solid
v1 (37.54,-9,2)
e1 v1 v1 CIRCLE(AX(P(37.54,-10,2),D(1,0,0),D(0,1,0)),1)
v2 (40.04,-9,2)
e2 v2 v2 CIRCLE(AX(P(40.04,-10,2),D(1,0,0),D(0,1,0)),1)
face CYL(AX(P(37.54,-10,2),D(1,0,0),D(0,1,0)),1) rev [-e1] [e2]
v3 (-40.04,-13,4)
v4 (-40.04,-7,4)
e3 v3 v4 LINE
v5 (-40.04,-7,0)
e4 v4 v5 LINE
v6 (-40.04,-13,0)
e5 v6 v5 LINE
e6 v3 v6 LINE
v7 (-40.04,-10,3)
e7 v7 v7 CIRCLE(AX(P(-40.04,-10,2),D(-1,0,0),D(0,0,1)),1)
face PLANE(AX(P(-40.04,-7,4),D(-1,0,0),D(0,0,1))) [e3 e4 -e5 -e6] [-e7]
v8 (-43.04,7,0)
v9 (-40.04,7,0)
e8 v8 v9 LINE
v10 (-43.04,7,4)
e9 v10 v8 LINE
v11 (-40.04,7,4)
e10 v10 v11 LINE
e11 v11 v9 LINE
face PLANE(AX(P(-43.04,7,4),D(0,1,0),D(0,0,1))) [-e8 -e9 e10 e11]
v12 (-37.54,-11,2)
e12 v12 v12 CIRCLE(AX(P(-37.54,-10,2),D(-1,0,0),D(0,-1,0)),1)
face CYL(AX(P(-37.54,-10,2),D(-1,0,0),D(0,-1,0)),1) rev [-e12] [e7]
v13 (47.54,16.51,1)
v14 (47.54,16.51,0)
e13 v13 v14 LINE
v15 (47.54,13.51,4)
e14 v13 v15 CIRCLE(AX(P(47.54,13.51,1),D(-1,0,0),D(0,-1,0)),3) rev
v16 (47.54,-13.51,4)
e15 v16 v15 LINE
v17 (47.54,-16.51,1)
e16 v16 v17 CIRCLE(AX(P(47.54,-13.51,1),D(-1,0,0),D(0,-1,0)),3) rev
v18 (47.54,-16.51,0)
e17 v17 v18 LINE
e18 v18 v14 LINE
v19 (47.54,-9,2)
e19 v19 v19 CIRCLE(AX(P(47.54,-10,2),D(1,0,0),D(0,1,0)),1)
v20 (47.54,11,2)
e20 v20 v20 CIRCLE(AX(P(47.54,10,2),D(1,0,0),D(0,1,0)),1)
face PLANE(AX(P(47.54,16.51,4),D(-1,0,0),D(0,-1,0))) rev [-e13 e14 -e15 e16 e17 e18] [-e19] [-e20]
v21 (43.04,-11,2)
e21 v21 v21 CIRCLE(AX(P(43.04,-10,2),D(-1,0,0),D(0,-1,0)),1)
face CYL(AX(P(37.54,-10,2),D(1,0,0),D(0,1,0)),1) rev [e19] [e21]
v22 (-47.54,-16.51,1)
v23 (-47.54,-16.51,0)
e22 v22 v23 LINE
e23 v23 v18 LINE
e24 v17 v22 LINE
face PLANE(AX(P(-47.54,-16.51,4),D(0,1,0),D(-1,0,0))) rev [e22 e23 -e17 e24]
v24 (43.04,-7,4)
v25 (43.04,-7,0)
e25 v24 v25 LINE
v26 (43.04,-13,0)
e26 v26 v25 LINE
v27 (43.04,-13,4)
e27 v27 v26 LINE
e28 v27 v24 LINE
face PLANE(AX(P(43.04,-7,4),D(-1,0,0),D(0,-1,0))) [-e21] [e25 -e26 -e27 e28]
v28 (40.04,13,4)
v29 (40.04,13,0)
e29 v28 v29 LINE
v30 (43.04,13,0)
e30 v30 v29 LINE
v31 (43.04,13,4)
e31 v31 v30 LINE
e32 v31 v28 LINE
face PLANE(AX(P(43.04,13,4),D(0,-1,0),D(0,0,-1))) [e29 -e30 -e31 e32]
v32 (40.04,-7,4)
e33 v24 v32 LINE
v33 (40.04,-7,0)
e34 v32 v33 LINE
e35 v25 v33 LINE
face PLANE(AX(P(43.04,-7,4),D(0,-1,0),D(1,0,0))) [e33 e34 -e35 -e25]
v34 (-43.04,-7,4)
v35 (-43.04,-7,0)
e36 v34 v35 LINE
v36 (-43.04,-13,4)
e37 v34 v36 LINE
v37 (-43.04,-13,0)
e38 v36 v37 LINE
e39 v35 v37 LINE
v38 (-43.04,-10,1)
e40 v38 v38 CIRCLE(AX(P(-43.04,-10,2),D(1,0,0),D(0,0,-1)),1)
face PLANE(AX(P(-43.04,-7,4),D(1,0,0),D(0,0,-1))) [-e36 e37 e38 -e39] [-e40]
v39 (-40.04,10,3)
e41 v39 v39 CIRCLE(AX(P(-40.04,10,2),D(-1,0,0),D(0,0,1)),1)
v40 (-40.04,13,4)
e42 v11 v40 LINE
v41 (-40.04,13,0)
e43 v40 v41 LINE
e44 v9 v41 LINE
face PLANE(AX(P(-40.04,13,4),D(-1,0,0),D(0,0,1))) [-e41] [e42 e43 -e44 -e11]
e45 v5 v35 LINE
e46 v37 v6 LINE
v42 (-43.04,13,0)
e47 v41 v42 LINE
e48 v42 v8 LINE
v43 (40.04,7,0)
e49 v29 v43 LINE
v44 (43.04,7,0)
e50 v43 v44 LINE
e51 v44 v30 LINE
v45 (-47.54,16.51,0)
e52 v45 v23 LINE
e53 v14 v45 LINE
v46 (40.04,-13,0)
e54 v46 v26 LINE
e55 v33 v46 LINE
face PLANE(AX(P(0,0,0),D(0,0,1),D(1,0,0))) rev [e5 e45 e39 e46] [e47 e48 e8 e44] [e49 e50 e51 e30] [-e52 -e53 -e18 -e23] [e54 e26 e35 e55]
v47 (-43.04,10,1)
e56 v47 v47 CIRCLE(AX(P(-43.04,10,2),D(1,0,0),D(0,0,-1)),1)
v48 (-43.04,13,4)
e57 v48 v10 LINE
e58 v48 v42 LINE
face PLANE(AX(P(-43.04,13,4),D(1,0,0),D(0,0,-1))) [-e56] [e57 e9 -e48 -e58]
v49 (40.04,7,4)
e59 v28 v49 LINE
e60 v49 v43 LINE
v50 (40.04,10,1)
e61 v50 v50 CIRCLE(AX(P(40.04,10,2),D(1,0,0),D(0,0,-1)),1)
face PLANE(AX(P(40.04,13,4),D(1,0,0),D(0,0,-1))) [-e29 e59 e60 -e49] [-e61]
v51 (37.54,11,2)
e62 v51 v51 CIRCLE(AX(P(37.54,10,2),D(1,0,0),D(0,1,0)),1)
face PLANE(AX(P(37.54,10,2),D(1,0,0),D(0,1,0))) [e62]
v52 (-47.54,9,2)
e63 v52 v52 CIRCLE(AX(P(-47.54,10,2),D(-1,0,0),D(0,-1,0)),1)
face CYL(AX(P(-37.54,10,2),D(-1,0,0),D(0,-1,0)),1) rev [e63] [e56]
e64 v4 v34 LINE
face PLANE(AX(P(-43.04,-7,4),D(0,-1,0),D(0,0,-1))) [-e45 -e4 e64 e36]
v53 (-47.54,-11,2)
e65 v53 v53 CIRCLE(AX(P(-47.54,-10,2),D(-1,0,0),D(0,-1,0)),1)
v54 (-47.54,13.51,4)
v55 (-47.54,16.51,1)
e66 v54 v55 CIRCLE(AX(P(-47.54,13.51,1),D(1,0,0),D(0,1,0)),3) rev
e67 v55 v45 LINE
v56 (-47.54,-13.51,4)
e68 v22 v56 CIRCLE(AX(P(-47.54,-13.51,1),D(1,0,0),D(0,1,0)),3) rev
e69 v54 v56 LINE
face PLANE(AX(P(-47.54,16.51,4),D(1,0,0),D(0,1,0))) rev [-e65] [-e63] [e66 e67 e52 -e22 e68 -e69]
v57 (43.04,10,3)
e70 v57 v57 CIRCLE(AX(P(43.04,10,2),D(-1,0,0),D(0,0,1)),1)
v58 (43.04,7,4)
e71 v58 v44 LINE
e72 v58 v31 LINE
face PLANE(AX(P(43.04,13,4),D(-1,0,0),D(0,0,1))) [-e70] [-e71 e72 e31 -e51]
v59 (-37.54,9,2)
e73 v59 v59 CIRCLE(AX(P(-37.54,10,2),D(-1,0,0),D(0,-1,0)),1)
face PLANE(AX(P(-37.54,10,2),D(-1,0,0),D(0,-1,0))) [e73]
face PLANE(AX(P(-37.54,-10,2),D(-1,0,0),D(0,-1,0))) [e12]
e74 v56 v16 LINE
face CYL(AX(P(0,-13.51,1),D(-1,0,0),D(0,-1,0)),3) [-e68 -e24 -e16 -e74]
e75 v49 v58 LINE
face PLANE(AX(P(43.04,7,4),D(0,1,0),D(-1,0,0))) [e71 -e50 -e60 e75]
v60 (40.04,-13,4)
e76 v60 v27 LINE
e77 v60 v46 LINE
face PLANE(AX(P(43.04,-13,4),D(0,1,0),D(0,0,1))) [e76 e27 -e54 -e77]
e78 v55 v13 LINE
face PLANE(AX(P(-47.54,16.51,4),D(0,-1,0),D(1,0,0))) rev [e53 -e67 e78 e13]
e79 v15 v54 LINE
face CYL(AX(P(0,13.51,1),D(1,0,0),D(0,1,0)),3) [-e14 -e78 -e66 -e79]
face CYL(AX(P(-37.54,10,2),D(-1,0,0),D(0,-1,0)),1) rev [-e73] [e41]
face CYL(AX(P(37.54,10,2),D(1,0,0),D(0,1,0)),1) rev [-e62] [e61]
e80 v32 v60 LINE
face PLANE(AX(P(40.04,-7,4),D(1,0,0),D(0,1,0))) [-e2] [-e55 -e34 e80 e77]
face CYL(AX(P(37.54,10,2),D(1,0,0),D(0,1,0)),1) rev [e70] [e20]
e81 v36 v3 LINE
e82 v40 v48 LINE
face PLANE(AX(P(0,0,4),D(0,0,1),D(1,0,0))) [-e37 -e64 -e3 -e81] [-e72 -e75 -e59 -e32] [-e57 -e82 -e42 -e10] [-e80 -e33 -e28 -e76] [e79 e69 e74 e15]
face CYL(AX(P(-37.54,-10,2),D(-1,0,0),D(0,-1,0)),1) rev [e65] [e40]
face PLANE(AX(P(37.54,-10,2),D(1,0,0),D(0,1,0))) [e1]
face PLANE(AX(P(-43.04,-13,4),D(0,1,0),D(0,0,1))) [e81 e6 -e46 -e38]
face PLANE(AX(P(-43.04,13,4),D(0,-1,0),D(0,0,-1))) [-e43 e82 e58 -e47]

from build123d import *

# Parameters (mm, degrees)
ESQUISSE1_W             = 95.08
ESQUISSE1_H             = 33.02
ESQUISSE1_W_2           = 3
ESQUISSE1_H_2           = 6
BOSS_EXTRU_1_DEPTH      = 4
CONG_1_R                = 3
ESQUISSE4_R             = 1
ENL_V_MAT_EXTRU_2_DEPTH = 10
ENL_V_START             = -10
ESQUISSE5_R             = 1
ENL_V_MAT_EXTRU_3_DEPTH = 10


with BuildPart() as part:
    # Esquisse1 → Boss.-Extru.1 (new body)
    with BuildSketch(Plane.XY):
        Rectangle(ESQUISSE1_W, ESQUISSE1_H)
        with Locations((-41.54, -10)):
            Rectangle(ESQUISSE1_W_2, ESQUISSE1_H_2, mode=Mode.SUBTRACT)
        with Locations((-41.54, 10)):
            Rectangle(ESQUISSE1_W_2, ESQUISSE1_H_2, mode=Mode.SUBTRACT)
        with Locations((41.54, -10)):
            Rectangle(ESQUISSE1_W_2, ESQUISSE1_H_2, mode=Mode.SUBTRACT)
        with Locations((41.54, 10)):
            Rectangle(ESQUISSE1_W_2, ESQUISSE1_H_2, mode=Mode.SUBTRACT)
    extrude(amount=BOSS_EXTRU_1_DEPTH)

    # Congé1
    cong_1_edges = [part.edges().sort_by_distance(p)[0] for p in [
        (0, -16.51, 4),
        (0, 16.51, 4),
    ]]
    fillet(cong_1_edges, radius=CONG_1_R)

    # Esquisse4 → Enlèv. mat.-Extru.2 (cut)
    with BuildSketch(Plane(origin=(47.54, 0, 0), x_dir=(0, 0, -1), z_dir=(1, 0, 0))):
        with Locations(Location((-2, 10, 0), (0, 0, 90))):
            Circle(ESQUISSE4_R)
        with Locations(Location((-2, -10, 0), (0, 0, 90))):
            Circle(ESQUISSE4_R)
    extrude(amount=-ENL_V_MAT_EXTRU_2_DEPTH, mode=Mode.SUBTRACT)

    # Esquisse5 → Enlèv. mat.-Extru.3 (cut)
    with BuildSketch(Plane.ZY.offset(47.54).offset(ENL_V_START)):
        with Locations(Location((2, 10, 0), (0, 0, 90))):
            Circle(ESQUISSE5_R)
        with Locations(Location((2, -10, 0), (0, 0, 90))):
            Circle(ESQUISSE5_R)
    extrude(amount=ENL_V_MAT_EXTRU_3_DEPTH, mode=Mode.SUBTRACT)


solid = part.part
